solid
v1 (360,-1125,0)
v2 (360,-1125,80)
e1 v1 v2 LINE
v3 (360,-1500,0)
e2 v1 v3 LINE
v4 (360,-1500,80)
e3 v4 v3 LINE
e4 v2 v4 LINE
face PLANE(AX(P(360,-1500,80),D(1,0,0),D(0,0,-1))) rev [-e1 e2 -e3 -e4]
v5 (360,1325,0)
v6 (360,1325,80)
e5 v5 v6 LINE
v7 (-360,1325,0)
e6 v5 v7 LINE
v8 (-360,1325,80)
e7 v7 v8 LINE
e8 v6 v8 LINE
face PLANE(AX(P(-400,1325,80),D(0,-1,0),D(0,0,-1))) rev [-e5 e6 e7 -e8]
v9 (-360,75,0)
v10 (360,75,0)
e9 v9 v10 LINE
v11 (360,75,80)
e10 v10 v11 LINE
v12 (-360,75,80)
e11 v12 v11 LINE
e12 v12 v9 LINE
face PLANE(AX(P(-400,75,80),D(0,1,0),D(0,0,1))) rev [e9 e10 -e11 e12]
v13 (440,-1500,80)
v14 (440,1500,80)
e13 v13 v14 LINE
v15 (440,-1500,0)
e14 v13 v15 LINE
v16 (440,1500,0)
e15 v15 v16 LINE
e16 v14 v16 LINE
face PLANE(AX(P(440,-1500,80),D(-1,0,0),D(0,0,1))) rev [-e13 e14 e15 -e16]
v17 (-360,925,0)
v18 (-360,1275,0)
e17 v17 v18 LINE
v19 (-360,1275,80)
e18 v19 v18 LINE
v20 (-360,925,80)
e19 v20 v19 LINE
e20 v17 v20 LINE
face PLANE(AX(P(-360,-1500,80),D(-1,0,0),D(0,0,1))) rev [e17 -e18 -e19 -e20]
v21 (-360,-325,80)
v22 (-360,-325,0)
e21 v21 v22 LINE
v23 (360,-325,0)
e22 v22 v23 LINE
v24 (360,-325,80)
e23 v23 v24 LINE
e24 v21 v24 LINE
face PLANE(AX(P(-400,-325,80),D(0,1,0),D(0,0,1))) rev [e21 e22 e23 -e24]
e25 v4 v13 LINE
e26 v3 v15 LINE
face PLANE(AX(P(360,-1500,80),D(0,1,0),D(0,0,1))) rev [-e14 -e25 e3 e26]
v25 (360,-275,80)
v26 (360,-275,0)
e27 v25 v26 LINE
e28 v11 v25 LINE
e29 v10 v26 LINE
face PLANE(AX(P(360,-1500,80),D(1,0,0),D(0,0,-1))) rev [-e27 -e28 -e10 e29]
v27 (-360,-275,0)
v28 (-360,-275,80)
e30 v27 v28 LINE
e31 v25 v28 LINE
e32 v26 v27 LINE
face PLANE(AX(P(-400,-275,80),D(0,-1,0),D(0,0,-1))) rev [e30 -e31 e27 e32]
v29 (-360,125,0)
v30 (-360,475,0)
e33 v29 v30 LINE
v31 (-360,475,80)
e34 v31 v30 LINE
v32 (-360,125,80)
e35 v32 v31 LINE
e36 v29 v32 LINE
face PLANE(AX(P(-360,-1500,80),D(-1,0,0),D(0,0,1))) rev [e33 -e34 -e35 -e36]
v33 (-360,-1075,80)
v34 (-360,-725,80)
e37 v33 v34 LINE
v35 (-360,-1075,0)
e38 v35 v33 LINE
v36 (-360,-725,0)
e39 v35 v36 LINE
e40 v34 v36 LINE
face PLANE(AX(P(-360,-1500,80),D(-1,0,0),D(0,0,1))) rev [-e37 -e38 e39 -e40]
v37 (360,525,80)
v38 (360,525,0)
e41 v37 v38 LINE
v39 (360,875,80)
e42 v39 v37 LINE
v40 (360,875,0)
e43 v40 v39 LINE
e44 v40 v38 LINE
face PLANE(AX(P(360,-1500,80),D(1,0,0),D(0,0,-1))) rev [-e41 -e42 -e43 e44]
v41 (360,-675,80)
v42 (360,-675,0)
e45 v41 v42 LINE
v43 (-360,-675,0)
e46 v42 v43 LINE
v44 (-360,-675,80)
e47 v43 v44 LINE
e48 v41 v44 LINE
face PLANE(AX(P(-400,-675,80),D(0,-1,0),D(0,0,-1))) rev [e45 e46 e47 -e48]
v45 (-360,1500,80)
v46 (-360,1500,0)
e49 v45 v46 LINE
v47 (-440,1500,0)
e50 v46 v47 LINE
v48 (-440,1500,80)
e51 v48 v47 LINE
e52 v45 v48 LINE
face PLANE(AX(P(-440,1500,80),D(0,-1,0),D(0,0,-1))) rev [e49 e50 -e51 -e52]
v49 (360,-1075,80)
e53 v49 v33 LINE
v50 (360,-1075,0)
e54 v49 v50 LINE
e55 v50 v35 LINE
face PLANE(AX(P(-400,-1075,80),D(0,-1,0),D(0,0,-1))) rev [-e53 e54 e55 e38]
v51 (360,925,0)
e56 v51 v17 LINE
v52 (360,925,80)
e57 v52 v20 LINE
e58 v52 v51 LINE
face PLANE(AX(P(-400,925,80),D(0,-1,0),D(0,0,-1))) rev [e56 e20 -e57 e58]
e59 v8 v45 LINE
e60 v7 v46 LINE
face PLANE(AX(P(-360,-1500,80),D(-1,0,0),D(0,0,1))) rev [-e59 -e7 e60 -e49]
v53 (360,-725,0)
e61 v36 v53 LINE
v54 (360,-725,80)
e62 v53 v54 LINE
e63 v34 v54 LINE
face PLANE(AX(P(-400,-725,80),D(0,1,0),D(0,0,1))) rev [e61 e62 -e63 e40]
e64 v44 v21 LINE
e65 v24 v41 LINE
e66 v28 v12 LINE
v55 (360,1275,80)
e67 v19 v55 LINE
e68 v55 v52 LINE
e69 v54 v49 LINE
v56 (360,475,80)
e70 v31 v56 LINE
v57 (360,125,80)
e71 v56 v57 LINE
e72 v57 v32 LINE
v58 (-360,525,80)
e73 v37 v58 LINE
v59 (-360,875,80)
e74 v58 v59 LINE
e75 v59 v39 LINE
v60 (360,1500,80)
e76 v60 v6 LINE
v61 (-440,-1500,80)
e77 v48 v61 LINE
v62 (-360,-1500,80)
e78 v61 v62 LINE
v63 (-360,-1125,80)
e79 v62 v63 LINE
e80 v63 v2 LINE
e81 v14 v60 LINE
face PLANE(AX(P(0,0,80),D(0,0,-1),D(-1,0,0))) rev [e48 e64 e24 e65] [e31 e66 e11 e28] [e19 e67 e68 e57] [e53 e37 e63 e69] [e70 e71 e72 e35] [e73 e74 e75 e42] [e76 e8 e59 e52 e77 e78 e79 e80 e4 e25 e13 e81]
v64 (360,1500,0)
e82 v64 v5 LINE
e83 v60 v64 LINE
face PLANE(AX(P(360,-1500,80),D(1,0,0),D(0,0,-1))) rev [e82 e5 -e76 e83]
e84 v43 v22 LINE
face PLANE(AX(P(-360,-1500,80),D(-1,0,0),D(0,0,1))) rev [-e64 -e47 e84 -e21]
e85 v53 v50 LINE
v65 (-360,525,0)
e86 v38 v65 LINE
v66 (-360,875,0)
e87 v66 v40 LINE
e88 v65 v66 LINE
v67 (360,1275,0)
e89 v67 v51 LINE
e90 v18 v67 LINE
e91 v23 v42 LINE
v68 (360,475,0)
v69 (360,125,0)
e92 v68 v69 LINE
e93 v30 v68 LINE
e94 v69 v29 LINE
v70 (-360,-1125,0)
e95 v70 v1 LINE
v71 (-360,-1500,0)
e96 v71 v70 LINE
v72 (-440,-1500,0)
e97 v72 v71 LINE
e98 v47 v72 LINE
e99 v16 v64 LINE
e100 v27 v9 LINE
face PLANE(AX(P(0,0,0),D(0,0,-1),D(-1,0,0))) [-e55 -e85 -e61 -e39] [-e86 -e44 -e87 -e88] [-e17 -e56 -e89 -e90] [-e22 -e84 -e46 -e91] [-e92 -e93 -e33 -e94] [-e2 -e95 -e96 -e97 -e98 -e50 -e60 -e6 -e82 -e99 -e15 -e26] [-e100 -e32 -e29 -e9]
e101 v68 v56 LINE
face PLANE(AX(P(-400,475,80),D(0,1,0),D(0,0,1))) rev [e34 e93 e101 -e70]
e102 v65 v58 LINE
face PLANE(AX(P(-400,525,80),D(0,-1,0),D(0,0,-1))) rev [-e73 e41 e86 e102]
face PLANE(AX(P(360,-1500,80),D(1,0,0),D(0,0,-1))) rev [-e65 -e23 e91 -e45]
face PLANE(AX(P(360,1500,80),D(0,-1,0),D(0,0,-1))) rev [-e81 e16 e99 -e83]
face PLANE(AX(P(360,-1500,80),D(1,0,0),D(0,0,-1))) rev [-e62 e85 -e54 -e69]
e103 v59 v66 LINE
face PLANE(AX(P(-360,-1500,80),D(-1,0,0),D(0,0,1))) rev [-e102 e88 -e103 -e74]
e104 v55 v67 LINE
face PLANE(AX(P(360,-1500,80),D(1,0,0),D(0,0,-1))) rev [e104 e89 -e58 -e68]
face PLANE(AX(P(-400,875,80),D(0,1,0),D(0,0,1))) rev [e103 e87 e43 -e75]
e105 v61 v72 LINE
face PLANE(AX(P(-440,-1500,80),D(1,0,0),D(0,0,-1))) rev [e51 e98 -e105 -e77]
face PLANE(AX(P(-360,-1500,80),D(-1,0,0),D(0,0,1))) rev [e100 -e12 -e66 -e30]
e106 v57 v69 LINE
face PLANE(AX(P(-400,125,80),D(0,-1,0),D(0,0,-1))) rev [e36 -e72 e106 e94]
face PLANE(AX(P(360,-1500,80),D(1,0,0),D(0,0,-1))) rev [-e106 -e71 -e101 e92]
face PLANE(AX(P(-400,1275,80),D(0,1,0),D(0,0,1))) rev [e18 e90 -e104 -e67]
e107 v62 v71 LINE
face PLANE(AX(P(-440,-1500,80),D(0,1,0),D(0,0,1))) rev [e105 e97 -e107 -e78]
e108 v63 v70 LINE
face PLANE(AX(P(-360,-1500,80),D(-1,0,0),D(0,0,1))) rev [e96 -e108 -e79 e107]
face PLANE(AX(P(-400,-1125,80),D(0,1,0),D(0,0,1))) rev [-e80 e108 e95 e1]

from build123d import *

# Parameters (mm, degrees)
SKETCH_1_W      = 80
SKETCH_1_H      = 3000
EXTRUDE_1_DEPTH = 80
SKETCH_2_W      = 80
SKETCH_2_H      = 3000
EXTRUDE_2_DEPTH = 80
SKETCH_3_W      = 800
SKETCH_3_H      = 50
EXTRUDE_3_DEPTH = 80
SKETCH_4_W      = 800
SKETCH_4_H      = 50
EXTRUDE_4_DEPTH = 80
SKETCH_5_W      = 800
SKETCH_5_H      = 50
EXTRUDE_5_DEPTH = 80
SKETCH_6_W      = 800
SKETCH_6_H      = 50
EXTRUDE_6_DEPTH = 80
SKETCH_7_W      = 800
SKETCH_7_H      = 50
EXTRUDE_7_DEPTH = 80
SKETCH_8_W      = 800
SKETCH_8_H      = 50
EXTRUDE_8_DEPTH = 80
SKETCH_9_W      = 800
SKETCH_9_H      = 50
EXTRUDE_9_DEPTH = 80


with BuildPart() as part:
    # 草图1 → 凸台-拉伸1 (new body)
    with BuildSketch(Plane.XY):
        with Locations((-400, 0)):
            Rectangle(SKETCH_1_W, SKETCH_1_H)
    extrude(amount=EXTRUDE_1_DEPTH)



with BuildPart() as body_2:
    # 草图2 → 凸台-拉伸2 (new body)
    with BuildSketch(Plane.XY):
        with Locations((400, 0)):
            Rectangle(SKETCH_2_W, SKETCH_2_H)
    extrude(amount=EXTRUDE_2_DEPTH)


with BuildPart() as part_1:
    add(part.part)

    add(body_2.part)  # 凸台-拉伸3 merges body 2
    # 草图3 → 凸台-拉伸3 (add)
    with BuildSketch(Plane.XY):
        with Locations((0, 1300)):
            Rectangle(SKETCH_3_W, SKETCH_3_H)
    extrude(amount=EXTRUDE_3_DEPTH)

    # 草图4 → 凸台-拉伸4 (add)
    with BuildSketch(Plane.XY):
        with Locations((0, 900)):
            Rectangle(SKETCH_4_W, SKETCH_4_H)
    extrude(amount=EXTRUDE_4_DEPTH)

    # 草图5 → 凸台-拉伸5 (add)
    with BuildSketch(Plane.XY):
        with Locations((0, 500)):
            Rectangle(SKETCH_5_W, SKETCH_5_H)
    extrude(amount=EXTRUDE_5_DEPTH)

    # 草图6 → 凸台-拉伸6 (add)
    with BuildSketch(Plane.XY):
        with Locations((0, 100)):
            Rectangle(SKETCH_6_W, SKETCH_6_H)
    extrude(amount=EXTRUDE_6_DEPTH)

    # 草图7 → 凸台-拉伸7 (add)
    with BuildSketch(Plane.XY):
        with Locations((0, -300)):
            Rectangle(SKETCH_7_W, SKETCH_7_H)
    extrude(amount=EXTRUDE_7_DEPTH)

    # 草图8 → 凸台-拉伸8 (add)
    with BuildSketch(Plane.XY):
        with Locations((0, -700)):
            Rectangle(SKETCH_8_W, SKETCH_8_H)
    extrude(amount=EXTRUDE_8_DEPTH)

    # 草图9 → 凸台-拉伸9 (add)
    with BuildSketch(Plane.XY):
        with Locations((0, -1100)):
            Rectangle(SKETCH_9_W, SKETCH_9_H)
    extrude(amount=EXTRUDE_9_DEPTH)


solid = part_1.part
